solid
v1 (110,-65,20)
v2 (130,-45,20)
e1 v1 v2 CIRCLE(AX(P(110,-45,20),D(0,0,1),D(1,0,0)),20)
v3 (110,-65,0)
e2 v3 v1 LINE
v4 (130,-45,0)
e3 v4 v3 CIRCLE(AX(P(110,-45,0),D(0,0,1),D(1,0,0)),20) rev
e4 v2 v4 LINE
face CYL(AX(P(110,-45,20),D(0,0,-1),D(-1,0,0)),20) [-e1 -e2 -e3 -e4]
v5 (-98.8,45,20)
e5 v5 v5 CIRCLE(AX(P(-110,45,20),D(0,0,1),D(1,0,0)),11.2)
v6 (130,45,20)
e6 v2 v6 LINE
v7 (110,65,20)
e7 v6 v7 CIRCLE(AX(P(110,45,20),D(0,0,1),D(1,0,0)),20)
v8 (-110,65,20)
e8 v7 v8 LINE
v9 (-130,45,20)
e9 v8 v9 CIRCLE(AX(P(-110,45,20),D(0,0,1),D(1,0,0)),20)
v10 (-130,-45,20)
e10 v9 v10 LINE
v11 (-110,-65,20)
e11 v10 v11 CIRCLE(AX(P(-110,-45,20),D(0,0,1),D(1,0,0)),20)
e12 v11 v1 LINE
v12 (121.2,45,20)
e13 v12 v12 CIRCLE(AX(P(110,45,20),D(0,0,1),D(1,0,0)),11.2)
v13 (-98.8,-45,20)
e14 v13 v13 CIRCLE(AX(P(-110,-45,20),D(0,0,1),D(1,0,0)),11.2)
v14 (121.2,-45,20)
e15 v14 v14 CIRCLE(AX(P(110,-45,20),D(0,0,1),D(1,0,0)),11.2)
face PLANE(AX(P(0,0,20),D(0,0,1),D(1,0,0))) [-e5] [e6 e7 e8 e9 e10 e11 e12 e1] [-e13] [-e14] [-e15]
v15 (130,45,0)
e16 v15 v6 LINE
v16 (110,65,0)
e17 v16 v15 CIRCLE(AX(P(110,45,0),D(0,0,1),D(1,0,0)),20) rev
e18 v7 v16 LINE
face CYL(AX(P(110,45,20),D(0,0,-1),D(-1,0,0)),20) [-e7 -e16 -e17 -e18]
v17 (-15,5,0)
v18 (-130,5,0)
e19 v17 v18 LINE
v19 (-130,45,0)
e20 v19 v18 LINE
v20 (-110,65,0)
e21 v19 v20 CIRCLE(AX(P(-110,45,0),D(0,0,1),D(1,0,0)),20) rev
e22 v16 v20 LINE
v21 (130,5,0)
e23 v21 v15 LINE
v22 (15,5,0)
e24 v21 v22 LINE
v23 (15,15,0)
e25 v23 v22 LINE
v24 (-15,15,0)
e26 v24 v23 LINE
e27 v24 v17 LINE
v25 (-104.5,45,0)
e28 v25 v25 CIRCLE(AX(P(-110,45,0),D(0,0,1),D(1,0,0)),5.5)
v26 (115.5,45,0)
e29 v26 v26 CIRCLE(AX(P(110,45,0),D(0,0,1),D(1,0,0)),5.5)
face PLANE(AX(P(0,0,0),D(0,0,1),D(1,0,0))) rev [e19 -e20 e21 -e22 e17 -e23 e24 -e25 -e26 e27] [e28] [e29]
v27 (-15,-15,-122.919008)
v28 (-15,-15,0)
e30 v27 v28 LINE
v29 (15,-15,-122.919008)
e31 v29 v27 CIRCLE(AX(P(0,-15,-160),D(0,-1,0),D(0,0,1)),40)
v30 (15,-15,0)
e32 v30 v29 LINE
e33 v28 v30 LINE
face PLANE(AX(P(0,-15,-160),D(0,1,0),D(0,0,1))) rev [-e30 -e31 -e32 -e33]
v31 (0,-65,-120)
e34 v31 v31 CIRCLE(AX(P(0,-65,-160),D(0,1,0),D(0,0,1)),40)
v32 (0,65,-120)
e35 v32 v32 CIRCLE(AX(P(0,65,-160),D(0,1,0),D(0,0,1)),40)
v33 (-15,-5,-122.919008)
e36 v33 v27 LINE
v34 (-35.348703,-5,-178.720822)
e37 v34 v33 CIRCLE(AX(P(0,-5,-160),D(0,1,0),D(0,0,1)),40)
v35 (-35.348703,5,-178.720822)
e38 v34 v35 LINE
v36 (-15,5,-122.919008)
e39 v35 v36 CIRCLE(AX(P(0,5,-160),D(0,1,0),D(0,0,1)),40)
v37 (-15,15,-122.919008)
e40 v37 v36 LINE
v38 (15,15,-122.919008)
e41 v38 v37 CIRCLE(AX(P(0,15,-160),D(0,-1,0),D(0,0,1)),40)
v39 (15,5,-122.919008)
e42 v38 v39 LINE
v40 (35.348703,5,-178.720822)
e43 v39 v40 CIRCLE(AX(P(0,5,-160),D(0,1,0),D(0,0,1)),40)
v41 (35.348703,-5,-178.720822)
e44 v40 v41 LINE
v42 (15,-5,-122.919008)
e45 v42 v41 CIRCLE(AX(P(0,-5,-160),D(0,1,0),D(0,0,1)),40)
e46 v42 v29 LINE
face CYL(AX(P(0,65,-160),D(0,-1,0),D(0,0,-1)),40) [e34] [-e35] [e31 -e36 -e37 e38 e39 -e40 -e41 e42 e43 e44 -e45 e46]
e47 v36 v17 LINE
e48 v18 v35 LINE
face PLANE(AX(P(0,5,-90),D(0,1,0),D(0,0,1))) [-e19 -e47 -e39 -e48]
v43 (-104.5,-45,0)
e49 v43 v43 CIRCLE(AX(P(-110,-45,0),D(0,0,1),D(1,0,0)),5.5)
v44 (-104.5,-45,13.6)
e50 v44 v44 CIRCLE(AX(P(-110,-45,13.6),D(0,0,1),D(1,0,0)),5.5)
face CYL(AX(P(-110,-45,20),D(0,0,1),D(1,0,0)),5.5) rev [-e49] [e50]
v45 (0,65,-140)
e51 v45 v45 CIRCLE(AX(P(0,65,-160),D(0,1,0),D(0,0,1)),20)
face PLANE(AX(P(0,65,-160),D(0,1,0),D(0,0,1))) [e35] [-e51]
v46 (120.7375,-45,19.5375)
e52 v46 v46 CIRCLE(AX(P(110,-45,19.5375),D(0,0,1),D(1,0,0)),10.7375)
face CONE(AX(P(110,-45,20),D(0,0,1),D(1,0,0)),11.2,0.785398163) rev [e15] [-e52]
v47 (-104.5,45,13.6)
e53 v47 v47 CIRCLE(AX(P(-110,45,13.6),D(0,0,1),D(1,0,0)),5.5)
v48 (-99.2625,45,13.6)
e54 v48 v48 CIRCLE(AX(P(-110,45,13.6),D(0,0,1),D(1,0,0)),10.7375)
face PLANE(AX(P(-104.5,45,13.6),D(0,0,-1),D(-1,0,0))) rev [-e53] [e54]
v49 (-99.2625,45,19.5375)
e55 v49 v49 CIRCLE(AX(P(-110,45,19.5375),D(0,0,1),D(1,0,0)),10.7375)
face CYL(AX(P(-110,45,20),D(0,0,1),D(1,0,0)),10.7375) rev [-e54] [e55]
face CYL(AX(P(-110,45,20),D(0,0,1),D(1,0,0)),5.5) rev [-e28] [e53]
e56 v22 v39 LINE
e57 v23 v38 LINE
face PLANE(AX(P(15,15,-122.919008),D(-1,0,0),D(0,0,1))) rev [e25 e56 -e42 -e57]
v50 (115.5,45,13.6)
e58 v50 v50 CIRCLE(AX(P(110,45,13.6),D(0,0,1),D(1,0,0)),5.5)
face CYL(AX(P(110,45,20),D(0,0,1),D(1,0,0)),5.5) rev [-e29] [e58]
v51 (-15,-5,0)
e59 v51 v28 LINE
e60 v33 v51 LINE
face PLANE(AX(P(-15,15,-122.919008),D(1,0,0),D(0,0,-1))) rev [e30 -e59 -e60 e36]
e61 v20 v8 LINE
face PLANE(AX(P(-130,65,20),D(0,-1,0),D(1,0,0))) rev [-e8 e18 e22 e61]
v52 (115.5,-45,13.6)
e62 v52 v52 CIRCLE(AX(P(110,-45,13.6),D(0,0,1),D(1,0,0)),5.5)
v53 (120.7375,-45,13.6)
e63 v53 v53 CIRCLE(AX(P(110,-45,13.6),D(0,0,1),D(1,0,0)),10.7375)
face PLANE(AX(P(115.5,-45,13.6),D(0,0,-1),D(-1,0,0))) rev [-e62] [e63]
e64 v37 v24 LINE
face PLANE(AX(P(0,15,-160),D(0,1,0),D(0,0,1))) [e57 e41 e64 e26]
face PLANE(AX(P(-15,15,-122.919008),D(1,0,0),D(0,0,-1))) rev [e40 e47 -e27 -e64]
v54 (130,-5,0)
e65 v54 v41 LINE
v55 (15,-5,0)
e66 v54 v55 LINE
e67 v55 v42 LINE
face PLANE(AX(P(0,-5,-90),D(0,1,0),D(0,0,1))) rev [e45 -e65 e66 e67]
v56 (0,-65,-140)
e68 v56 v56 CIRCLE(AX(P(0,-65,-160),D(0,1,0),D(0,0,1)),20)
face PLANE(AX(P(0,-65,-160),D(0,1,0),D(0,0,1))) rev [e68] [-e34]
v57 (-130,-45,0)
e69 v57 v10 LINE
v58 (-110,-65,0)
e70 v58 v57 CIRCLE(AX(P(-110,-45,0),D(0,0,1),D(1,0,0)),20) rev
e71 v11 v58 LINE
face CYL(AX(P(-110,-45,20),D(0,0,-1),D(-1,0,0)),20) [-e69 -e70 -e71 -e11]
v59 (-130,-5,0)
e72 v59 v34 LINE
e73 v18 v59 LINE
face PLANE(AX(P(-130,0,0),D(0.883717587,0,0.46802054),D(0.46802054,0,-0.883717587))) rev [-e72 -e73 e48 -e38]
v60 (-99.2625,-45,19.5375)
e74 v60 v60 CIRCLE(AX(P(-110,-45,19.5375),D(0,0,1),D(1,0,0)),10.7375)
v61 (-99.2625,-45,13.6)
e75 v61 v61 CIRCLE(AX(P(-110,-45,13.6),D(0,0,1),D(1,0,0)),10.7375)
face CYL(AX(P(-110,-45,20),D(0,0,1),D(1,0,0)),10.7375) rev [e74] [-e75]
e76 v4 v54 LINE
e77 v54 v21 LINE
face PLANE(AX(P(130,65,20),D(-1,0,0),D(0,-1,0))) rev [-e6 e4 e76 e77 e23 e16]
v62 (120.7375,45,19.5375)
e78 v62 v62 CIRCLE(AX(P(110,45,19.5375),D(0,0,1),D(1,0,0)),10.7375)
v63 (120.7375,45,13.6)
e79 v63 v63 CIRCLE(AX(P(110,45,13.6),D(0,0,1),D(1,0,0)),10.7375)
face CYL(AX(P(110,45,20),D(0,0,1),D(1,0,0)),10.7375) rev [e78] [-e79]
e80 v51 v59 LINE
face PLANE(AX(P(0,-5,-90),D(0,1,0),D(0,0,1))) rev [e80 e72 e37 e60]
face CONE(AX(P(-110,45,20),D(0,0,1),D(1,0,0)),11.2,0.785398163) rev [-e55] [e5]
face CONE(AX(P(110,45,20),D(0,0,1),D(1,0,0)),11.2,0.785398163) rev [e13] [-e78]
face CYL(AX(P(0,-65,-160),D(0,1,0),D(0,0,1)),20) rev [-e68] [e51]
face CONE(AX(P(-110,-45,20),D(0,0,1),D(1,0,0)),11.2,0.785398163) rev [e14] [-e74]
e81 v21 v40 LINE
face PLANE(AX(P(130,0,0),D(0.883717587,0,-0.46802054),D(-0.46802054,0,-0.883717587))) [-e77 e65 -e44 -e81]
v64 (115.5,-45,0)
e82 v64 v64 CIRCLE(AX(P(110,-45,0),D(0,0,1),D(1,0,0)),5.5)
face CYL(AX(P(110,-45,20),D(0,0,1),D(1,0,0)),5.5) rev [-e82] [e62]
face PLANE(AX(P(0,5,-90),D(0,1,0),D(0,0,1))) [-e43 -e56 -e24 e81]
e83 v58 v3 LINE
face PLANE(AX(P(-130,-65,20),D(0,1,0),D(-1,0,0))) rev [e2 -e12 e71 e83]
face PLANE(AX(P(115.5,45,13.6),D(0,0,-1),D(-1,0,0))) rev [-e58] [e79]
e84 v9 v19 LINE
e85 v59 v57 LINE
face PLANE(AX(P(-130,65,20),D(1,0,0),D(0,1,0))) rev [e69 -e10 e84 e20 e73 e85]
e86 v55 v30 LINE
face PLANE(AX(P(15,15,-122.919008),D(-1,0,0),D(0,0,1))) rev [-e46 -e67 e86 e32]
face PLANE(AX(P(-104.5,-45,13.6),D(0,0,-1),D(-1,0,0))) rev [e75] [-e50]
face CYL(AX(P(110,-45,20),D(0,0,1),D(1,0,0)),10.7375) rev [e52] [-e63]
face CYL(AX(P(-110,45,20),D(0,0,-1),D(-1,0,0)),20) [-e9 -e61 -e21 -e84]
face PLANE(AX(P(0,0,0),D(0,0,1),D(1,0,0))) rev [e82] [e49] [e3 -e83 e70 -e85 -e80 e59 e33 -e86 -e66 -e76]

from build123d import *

# Parameters (mm, degrees)
SKETCH_1_W          = 260
SKETCH_1_H          = 130
EXTRUDE_1_DEPTH     = 20
SKETCH_4_R          = 40
EXTRUDE_2_DEPTH     = 65
EXTRUDE_3_DEPTH     = 15
RIB_4_REACH         = 249.235
SKETCH_6_WALL_W     = 698.706896764
SKETCH_6_WALL_H     = 10
SKETCH_7_R          = 20
CUT_EXTRUDE_1_DEPTH = 272.661554144
FILLET_1_R          = 20


with BuildPart() as part:
    # 草图1 → 凸台-拉伸1 (new body)
    with BuildSketch(Plane.XY):
        Rectangle(SKETCH_1_W, SKETCH_1_H)
    extrude(amount=EXTRUDE_1_DEPTH)

    # 草图3 → M10 六角头螺栓的柱形沉头孔1 (revolve, cut)
    with BuildSketch(Plane(origin=(-110, 45, 20), x_dir=(0, -1, 0), z_dir=(1, 0, 0))):
        Polygon((0, 0), (0, 30.804733405), (5.5, 27.5), (5.5, 6.4), (10.7375, 6.4), (10.7375, 0.4625), (11.2, 0), align=None)
    hole_wizard_m10_1 = revolve(axis=Axis((-110, 45, 26.35), (0, 0, -1)), mode=Mode.SUBTRACT)

    # 镜向1: M10 六角头螺栓的柱形沉头孔1 across plane
    add(hole_wizard_m10_1.mirror(Plane.ZX), mode=Mode.SUBTRACT)

    # 镜向2: M10 六角头螺栓的柱形沉头孔1 across plane
    add(hole_wizard_m10_1.mirror(Plane(origin=(0, 0, 0), x_dir=(0, 0, 1), z_dir=(1, 0, 0))), mode=Mode.SUBTRACT)

    # 镜向2 copy 1 sketch → 镜向2 copy 1 (revolve, cut)
    with BuildSketch(Plane(origin=(110, -45, 20), x_dir=(0, 1, 0), z_dir=(-1, 0, 0))):
        Polygon((0, 0), (0, 30.804733405), (5.5, 27.5), (5.5, 6.4), (10.7375, 6.4), (10.7375, 0.4625), (11.2, 0), align=None)
    revolve(axis=Axis((110, -45, 26.35), (0, 0, -1)), mode=Mode.SUBTRACT)



with BuildPart() as body_2:
    # 草图4 → 凸台-拉伸2 (new, symmetric)
    with BuildSketch(Plane(origin=(0, 0, 0), x_dir=(1, 0, 0), z_dir=(0, 1, 0))):
        with Locations(Location((0, 160, 0), (0, 0, 270))):
            Circle(SKETCH_4_R)
    extrude(amount=EXTRUDE_2_DEPTH, both=True)


with BuildPart() as part_1:
    add(part.part)

    add(body_2.part)  # 凸台-拉伸3 merges body 2
    # 草图5 → 凸台-拉伸3 (add, symmetric)
    with BuildSketch(Plane(origin=(0, 0, 0), x_dir=(1, 0, 0), z_dir=(0, 1, 0))):
        with BuildLine():
            Line((-15, 122.919007565), (-15, 0))
            Line((-15, 0), (15, 0))
            Line((15, 0), (15, 122.919007565))
            ThreePointArc((15, 122.919007565), (0, 120), (-15, 122.919007565))
        make_face()
    extrude(amount=EXTRUDE_3_DEPTH, both=True)

    # 草图6 wall → 筋4 (add, up to next)
    with BuildSketch(Plane(origin=(82.674351749, 0, -89.360410796), x_dir=(-0.468020539788, 0, -0.883717587432), z_dir=(-0.883717587432, 0, 0.468020539788)), mode=Mode.PRIVATE) as rib_4_sk1:
        Rectangle(SKETCH_6_WALL_W, SKETCH_6_WALL_H)
    rib_4_tool1 = extrude(rib_4_sk1.sketch, amount=RIB_4_REACH, mode=Mode.PRIVATE) - part_1.part
    rib_4 = rib_4_tool1.solids().sort_by_distance((82.674351749, 0, -89.360410796))[0]
    add(rib_4)

    # 镜向3: 筋4 across plane
    add(rib_4.mirror(Plane(origin=(0, 0, 0), x_dir=(0, 0, 1), z_dir=(1, 0, 0))))

    # 草图7 → 切除-拉伸1 (cut, through all)
    with BuildSketch(Plane(origin=(0, 65, 0), x_dir=(1, 0, 0), z_dir=(0, 1, 0))):
        with Locations(Location((0, 160, 0), (0, 0, 270))):
            Circle(SKETCH_7_R)
    extrude(amount=-CUT_EXTRUDE_1_DEPTH, mode=Mode.SUBTRACT)

    # 圆角1
    fillet_1_edges = [part_1.edges().sort_by_distance(p)[0] for p in [
        (-130, 65, 10),
        (130, 65, 10),
        (130, -65, 10),
        (-130, -65, 10),
    ]]
    fillet(fillet_1_edges, radius=FILLET_1_R)


solid = part_1.part
